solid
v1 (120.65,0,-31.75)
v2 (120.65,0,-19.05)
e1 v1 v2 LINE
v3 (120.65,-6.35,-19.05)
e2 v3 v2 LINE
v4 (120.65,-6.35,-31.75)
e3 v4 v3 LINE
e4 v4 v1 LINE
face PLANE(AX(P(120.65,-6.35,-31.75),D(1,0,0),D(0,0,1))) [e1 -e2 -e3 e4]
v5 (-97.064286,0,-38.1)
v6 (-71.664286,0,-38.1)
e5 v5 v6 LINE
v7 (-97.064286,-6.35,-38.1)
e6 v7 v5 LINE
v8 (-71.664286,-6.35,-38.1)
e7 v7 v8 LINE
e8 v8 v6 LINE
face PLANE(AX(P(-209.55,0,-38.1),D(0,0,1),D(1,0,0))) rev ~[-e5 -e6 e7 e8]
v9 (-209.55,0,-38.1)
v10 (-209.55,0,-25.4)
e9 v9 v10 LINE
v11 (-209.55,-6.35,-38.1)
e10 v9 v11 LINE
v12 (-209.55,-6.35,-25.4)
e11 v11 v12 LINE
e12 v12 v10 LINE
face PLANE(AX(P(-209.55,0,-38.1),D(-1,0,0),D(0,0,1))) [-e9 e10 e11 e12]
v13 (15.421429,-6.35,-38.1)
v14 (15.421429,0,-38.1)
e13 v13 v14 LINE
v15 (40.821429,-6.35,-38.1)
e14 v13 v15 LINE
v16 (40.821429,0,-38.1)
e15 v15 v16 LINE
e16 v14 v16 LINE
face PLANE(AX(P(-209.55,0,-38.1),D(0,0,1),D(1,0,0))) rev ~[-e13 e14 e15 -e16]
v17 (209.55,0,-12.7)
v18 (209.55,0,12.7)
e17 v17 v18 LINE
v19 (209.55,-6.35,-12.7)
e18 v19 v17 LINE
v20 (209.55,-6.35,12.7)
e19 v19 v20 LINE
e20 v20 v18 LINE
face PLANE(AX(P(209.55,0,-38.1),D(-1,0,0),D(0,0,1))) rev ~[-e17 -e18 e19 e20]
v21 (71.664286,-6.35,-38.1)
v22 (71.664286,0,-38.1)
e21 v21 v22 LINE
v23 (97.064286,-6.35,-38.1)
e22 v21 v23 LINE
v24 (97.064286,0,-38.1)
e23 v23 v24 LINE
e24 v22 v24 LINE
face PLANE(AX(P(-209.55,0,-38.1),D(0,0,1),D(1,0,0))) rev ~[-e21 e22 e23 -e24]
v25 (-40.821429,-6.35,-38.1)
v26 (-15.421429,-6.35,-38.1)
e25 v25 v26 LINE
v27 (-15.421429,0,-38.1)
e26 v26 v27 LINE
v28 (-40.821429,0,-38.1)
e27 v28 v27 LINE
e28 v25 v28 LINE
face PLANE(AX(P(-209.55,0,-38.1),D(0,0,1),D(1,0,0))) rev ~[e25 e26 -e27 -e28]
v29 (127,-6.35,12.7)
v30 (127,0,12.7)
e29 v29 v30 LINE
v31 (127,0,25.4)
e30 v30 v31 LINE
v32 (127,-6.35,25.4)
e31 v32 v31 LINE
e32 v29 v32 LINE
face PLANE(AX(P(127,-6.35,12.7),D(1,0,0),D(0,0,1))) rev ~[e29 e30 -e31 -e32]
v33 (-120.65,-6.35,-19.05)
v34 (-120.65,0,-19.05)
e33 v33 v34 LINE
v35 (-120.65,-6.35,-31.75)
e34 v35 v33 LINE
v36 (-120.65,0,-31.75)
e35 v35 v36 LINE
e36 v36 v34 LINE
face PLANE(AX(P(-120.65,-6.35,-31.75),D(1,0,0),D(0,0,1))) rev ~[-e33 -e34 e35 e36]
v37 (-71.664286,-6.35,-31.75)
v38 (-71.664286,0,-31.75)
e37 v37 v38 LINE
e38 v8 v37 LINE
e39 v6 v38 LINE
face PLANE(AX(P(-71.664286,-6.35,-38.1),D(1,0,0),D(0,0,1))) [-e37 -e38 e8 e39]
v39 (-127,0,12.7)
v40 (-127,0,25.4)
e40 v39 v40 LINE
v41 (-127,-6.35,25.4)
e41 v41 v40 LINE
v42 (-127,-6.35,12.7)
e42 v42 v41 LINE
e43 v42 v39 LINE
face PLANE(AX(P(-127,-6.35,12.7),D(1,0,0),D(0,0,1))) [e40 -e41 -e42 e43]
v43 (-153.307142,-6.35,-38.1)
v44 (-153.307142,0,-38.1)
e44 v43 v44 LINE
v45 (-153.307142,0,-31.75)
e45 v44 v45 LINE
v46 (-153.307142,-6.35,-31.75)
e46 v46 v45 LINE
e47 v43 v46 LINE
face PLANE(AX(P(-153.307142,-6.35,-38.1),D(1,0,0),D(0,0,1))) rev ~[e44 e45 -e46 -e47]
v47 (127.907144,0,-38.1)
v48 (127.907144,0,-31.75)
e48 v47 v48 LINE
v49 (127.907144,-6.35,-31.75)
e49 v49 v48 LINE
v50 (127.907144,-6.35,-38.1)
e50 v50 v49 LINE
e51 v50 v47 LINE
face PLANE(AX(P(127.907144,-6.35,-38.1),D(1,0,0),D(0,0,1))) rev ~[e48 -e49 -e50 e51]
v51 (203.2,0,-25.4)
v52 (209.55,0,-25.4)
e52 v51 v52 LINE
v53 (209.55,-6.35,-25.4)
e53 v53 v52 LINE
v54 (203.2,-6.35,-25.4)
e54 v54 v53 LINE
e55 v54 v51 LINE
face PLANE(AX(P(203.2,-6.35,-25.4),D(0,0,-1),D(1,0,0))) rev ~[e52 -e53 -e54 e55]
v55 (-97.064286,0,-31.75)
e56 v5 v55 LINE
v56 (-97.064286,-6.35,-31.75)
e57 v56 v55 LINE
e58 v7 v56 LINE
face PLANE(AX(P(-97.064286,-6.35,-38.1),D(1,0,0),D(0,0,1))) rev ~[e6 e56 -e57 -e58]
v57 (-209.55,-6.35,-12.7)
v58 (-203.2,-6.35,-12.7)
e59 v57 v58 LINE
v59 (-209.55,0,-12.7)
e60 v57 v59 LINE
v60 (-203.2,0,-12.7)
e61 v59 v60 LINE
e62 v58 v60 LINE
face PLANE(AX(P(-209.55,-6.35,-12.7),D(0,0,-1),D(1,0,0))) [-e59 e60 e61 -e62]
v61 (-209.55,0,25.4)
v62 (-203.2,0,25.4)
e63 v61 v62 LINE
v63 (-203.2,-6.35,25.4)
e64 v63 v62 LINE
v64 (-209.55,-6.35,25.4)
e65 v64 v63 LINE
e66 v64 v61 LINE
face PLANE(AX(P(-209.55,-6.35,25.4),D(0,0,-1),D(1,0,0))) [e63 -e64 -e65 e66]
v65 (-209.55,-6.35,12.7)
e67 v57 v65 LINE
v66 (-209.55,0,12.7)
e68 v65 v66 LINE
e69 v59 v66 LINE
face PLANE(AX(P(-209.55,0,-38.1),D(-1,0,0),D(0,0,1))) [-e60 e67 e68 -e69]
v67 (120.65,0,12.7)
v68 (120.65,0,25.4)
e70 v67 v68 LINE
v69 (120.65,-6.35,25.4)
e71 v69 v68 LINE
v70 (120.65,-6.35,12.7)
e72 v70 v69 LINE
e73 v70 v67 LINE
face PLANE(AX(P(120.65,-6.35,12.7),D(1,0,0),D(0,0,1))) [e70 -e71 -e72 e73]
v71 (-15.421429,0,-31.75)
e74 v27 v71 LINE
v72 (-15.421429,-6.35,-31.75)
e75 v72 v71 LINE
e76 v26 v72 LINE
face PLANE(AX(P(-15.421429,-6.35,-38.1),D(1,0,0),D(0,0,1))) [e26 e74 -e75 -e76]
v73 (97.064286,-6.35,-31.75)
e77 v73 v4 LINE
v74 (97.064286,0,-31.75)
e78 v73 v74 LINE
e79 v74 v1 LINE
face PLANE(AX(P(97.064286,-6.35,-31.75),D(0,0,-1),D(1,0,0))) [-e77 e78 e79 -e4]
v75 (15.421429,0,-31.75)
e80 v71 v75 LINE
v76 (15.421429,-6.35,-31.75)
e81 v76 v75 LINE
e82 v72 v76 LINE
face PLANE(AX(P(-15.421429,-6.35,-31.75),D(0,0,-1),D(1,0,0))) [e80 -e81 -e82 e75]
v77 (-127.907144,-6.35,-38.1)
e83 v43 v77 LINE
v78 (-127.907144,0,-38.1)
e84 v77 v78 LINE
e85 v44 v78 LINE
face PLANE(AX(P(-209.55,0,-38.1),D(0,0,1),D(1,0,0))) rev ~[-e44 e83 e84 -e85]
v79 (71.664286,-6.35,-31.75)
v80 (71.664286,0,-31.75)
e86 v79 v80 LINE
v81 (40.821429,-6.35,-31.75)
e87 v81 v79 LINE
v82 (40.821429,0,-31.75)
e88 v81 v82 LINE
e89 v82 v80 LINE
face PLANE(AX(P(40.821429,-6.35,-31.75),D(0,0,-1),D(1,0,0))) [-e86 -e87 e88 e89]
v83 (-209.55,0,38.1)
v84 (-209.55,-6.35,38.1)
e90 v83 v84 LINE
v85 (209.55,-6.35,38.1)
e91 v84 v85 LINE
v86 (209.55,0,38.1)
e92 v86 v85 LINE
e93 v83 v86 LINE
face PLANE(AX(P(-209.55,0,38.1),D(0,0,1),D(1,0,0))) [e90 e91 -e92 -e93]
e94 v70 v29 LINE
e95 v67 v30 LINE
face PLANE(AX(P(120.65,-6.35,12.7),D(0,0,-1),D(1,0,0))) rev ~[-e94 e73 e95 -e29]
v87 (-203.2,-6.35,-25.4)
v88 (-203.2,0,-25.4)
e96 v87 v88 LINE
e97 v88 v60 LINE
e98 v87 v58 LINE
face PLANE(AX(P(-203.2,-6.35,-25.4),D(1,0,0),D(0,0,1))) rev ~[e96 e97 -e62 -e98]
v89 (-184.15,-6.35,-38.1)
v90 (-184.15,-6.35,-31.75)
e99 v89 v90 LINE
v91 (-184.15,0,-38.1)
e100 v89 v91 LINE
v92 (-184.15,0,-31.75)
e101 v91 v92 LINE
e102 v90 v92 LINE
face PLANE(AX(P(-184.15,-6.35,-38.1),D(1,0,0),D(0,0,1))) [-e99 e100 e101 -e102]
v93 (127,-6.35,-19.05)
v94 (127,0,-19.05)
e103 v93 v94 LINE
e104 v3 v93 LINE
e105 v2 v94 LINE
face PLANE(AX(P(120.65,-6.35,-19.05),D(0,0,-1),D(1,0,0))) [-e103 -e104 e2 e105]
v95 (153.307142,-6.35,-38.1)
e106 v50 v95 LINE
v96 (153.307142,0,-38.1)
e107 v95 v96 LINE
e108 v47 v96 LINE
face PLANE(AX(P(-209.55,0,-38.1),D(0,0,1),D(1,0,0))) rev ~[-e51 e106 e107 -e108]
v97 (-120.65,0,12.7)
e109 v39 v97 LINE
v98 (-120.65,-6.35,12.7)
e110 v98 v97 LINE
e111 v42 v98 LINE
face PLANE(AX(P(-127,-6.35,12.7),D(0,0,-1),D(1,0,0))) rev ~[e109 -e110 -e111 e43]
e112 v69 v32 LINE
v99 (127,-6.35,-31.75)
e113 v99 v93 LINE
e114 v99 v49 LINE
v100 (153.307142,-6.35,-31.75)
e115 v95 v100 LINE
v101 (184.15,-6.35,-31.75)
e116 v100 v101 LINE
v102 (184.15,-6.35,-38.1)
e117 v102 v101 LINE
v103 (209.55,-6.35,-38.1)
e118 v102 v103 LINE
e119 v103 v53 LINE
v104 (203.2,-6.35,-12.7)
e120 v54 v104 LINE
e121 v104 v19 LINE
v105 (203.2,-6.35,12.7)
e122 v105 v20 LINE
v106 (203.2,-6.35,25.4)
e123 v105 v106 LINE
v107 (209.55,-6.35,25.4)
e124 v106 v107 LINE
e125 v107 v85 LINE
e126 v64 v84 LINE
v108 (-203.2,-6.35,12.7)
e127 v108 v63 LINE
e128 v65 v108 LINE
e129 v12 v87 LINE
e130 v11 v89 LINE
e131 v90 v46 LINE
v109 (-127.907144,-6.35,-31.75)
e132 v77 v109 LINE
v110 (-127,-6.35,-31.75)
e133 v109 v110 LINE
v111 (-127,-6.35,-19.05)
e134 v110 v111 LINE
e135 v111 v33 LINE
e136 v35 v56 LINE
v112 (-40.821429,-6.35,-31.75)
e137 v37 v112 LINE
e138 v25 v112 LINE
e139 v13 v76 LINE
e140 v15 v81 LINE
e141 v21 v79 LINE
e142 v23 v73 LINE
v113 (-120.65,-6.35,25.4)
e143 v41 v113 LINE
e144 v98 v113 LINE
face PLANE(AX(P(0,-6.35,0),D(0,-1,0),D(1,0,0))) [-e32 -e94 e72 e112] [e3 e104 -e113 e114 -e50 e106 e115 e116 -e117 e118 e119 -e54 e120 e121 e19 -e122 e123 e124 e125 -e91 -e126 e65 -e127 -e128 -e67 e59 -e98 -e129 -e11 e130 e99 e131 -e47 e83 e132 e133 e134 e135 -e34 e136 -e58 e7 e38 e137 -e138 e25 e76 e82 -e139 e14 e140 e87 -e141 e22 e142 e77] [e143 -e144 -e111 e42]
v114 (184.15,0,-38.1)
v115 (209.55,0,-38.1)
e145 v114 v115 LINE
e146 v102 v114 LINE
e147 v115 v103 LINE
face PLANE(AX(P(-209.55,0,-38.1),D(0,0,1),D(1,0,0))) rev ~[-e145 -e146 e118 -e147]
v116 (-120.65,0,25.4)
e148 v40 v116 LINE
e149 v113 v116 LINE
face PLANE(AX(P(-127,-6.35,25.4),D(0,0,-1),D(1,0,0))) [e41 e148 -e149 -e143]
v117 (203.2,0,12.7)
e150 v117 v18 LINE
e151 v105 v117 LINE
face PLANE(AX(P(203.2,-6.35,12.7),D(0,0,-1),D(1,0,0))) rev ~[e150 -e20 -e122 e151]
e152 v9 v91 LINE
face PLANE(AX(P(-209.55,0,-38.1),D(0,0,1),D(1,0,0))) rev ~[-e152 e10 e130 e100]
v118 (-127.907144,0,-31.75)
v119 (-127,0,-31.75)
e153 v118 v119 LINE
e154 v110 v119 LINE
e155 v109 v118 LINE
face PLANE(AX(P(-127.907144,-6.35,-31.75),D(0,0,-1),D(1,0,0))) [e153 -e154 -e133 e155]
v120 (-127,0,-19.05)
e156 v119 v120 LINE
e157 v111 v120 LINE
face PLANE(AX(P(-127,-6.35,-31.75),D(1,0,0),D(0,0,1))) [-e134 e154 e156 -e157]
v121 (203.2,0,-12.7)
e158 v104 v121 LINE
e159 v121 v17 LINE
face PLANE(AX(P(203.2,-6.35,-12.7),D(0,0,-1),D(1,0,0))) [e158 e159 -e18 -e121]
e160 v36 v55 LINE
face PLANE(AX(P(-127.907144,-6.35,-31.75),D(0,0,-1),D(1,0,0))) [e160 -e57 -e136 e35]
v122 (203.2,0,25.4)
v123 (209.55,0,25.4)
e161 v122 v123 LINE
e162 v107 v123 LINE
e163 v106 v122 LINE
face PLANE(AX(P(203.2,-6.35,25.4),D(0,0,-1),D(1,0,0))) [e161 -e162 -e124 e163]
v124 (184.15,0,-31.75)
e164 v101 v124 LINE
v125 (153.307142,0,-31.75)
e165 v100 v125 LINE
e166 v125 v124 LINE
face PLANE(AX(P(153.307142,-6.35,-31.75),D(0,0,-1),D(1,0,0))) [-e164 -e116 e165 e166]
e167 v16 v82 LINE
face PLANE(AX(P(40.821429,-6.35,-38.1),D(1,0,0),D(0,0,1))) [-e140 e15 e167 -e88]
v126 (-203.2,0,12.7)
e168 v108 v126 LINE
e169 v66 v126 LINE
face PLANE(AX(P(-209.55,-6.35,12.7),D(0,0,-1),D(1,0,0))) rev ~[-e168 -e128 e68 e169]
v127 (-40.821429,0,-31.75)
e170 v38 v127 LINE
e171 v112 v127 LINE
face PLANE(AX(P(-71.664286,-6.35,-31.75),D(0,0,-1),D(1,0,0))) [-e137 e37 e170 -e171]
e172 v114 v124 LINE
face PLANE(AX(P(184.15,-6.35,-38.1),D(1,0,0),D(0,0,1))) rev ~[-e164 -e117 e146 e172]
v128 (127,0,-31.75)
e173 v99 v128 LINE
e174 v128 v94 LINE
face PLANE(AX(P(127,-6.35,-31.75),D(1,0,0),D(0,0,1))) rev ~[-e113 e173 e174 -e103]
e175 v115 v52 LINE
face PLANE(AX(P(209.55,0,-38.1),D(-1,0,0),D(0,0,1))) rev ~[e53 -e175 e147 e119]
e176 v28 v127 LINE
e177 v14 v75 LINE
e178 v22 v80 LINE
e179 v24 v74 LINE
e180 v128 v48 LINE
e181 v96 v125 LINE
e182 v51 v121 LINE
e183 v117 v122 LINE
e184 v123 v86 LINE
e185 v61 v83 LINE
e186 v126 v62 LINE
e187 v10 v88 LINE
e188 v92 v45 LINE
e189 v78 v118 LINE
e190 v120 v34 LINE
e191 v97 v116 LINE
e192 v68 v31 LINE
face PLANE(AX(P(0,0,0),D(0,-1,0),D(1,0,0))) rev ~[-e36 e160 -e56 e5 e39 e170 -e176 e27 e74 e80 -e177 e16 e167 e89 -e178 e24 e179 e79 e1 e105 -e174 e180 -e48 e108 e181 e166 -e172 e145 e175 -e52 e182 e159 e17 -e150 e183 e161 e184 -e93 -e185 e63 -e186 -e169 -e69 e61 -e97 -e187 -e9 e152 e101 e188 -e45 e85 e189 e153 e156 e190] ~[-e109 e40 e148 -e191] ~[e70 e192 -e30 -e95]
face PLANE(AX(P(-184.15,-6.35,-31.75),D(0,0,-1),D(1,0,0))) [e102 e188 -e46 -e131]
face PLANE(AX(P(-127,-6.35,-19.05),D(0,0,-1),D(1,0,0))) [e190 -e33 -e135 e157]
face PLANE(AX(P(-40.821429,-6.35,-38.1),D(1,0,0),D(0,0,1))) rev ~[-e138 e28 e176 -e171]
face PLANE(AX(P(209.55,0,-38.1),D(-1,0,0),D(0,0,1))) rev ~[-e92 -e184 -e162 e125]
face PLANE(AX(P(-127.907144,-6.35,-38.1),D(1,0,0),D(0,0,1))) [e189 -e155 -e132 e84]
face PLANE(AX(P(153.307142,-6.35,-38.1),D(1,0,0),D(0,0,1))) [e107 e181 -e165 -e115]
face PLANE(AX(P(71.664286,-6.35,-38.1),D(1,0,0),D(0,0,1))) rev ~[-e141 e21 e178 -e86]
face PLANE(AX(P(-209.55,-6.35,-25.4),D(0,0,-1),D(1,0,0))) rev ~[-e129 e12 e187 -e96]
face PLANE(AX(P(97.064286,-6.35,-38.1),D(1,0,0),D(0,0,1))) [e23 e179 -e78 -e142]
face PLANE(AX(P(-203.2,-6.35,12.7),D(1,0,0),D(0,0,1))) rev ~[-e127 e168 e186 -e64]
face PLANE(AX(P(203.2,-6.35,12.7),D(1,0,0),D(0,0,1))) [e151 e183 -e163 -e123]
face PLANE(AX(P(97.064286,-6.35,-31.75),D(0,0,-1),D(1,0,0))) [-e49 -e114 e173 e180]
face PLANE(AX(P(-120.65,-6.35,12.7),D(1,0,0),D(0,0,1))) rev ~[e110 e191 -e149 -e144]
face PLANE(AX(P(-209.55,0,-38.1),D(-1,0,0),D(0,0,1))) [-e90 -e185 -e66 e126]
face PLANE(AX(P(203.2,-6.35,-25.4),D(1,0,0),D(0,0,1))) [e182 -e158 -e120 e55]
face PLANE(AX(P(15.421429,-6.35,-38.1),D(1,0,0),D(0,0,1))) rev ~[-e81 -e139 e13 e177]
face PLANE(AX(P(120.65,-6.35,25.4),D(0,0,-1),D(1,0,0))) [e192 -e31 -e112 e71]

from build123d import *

# Parameters (mm, degrees)
F0_W     = 419.1
F0_H     = 76.2
F1_DEPTH = 6.35
F2_W     = 30.842857
F2_H     = 6.35
F2_W_2   = 30.842858
F2_W_3   = 6.35
F2_H_2   = 12.7
F3_DEPTH = 6.351
F4_W     = 6.35
F4_H     = 12.7
F5_DEPTH = 6.351


with BuildPart() as f1:
    # F0 (on Front) → F1 (new body)
    with BuildSketch(Plane.XZ):
        Rectangle(F0_W, F0_H)
    extrude(amount=F1_DEPTH)

    # F2 (on face) → F3 (cut, through all)
    with BuildSketch(Plane.XZ.offset(6.35)):
        with Locations((-168.728571, -34.925)):
            Rectangle(F2_W, F2_H)
        with Locations((-112.485715, -34.925)):
            Rectangle(F2_W, F2_H)
        with Locations((-56.242857, -34.925)):
            Rectangle(F2_W, F2_H)
        with Locations((0, -34.925)):
            Rectangle(F2_W_2, F2_H)
        with Locations((56.242857, -34.925)):
            Rectangle(F2_W, F2_H)
        with Locations((112.485715, -34.925)):
            Rectangle(F2_W, F2_H)
        with Locations((168.728571, -34.925)):
            Rectangle(F2_W, F2_H)
        with Locations((-206.375, -19.05)):
            Rectangle(F2_W_3, F2_H_2)
        with Locations((-206.375, 19.05)):
            Rectangle(F2_W_3, F2_H_2)
        with Locations((206.375, 19.05)):
            Rectangle(F2_W_3, F2_H_2)
        with Locations((206.375, -19.05)):
            Rectangle(F2_W_3, F2_H_2)
    extrude(amount=-F3_DEPTH, mode=Mode.SUBTRACT)

    # F4 (on face) → F5 (cut, through all)
    with BuildSketch(Plane.XZ.offset(6.35)):
        with Locations((-123.825, -25.4)):
            Rectangle(F4_W, F4_H)
        with Locations((-123.825, 19.05)):
            Rectangle(F4_W, F4_H)
        with Locations((123.825, 19.05)):
            Rectangle(F4_W, F4_H)
        with Locations((123.825, -25.4)):
            Rectangle(F4_W, F4_H)
    extrude(amount=-F5_DEPTH, mode=Mode.SUBTRACT)


solid = f1.part
